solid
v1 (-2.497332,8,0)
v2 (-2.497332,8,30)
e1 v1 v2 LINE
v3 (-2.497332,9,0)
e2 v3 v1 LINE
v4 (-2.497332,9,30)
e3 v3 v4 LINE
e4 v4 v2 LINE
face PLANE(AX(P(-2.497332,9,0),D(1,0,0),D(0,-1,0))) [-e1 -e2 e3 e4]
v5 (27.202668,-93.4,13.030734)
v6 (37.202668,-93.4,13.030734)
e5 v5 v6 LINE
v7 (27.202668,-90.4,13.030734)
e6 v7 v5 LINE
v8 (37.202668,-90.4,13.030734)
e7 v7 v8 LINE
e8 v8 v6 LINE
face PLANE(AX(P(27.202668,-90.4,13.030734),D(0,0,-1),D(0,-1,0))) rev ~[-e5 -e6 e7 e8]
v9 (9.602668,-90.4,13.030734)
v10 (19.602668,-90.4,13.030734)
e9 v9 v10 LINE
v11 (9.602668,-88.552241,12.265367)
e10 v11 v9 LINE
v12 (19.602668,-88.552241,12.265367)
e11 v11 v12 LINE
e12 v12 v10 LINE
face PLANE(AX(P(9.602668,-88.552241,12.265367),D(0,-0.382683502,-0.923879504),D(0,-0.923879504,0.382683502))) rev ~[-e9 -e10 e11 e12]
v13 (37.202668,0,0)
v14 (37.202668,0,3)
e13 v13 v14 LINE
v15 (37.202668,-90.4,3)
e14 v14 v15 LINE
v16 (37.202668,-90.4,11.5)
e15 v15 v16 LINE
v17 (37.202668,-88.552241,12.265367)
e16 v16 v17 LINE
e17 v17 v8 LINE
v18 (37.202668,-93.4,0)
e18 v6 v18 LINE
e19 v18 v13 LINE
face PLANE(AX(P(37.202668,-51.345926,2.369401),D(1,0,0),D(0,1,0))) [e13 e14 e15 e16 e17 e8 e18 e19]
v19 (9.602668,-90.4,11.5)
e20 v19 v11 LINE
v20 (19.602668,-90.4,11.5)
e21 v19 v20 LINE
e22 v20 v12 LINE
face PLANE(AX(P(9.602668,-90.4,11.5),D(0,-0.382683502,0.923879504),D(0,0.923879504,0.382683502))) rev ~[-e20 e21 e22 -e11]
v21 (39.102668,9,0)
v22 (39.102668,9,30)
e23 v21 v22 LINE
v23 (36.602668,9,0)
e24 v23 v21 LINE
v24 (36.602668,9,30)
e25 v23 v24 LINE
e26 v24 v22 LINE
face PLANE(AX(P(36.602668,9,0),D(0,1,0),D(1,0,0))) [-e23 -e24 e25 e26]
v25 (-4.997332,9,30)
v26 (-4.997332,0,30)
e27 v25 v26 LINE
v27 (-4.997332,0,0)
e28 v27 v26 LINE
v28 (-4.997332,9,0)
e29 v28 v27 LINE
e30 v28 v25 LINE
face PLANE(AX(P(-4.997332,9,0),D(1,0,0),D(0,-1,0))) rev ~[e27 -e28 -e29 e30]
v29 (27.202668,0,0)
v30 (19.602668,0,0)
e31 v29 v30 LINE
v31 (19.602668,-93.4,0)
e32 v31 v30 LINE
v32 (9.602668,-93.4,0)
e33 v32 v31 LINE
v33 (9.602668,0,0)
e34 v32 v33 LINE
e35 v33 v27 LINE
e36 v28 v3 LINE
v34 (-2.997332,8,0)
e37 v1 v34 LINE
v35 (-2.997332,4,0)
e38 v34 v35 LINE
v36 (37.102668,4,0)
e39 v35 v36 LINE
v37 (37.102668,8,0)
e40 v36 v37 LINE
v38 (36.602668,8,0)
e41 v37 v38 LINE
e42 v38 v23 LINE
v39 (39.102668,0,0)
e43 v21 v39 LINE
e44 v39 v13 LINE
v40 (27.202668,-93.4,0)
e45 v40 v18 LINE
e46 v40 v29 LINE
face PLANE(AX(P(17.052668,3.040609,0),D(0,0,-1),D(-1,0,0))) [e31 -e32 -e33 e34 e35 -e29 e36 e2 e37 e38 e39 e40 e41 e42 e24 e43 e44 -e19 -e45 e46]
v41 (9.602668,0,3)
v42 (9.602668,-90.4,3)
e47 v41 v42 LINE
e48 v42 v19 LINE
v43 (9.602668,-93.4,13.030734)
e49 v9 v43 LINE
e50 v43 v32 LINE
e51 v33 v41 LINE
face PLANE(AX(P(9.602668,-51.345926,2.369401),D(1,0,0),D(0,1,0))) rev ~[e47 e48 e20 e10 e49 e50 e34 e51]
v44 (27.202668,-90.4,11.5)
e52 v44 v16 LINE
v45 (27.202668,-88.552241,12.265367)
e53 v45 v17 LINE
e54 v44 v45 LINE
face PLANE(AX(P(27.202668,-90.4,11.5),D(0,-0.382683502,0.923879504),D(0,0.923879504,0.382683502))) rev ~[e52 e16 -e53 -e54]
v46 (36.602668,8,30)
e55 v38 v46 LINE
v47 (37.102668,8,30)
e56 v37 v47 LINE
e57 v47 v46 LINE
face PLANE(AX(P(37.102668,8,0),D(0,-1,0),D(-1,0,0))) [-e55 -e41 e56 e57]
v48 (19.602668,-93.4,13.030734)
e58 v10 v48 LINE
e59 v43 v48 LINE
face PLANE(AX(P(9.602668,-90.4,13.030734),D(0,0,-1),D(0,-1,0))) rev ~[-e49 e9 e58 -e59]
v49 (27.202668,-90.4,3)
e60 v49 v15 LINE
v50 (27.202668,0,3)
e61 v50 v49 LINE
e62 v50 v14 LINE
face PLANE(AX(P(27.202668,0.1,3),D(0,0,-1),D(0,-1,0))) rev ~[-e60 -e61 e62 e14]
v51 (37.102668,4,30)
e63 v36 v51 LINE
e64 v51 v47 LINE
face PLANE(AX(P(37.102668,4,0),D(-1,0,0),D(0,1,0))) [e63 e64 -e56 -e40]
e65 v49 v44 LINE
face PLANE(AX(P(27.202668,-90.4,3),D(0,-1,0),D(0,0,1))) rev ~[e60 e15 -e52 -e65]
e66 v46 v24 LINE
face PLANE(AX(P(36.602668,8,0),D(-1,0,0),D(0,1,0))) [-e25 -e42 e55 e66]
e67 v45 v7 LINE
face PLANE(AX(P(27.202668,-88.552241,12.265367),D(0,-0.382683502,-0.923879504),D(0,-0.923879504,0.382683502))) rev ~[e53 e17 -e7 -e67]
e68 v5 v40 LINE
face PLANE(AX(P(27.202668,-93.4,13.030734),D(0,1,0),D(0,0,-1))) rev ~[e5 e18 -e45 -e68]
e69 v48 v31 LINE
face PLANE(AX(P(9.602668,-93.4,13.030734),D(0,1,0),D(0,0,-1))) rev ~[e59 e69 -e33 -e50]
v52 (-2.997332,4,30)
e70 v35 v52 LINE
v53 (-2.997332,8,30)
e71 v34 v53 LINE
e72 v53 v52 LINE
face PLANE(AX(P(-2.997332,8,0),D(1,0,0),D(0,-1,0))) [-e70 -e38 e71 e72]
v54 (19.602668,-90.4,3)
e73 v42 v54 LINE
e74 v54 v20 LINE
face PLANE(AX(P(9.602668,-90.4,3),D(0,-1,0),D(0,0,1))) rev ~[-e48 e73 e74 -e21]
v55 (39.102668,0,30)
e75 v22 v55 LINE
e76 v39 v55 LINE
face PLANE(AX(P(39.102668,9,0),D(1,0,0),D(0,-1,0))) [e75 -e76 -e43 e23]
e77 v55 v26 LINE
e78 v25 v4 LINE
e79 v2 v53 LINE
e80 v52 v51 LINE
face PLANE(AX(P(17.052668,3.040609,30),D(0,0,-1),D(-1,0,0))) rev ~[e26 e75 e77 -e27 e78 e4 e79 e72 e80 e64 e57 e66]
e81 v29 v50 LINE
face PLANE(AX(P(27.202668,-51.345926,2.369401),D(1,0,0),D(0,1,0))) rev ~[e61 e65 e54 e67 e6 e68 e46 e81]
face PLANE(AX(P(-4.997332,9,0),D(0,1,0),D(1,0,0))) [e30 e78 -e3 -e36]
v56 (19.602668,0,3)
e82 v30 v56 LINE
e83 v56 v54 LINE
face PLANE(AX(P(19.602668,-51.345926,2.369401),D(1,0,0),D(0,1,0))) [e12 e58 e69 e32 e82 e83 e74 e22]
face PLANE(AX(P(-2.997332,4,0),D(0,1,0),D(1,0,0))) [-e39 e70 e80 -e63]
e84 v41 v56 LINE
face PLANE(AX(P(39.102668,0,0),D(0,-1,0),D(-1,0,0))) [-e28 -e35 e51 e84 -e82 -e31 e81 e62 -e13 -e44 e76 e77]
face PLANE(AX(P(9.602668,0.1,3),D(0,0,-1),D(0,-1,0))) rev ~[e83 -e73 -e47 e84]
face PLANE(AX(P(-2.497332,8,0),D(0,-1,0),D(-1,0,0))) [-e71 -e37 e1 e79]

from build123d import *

# Parameters (mm, degrees)
PAD_DEPTH    = 30
PAD001_DEPTH = 10
PAD002_DEPTH = 10


with BuildPart() as part:
    # Sketch → Pad (new body)
    with BuildSketch(Plane.XY):
        Polygon((-4.997332, 9), (-2.497332, 9), (-2.497332, 8), (-2.997332, 8), (-2.997332, 4), (37.102668, 4), (37.102668, 8), (36.602668, 8), (36.602668, 9), (39.102668, 9), (39.102668, 0), (-4.997332, 0), (-4.997332, 4), align=None)
    extrude(amount=PAD_DEPTH)

    # Sketch001 (on Face10 of Pad) → Pad001 (join)
    with BuildSketch(Plane.YZ.offset(9.602668)):
        Polygon((0.1, 0), (0.1, 3), (-90.4, 3), (-90.4, 11.5), (-88.552241, 12.265367), (-90.4, 13.030734), (-93.4, 13.030734), (-93.4, 0), align=None)
    extrude(amount=PAD001_DEPTH)

    # Sketch002 (on Face10 of Pad) → Pad002 (join)
    with BuildSketch(Plane.YZ.offset(27.202668)):
        Polygon((0.1, 0), (0.1, 3), (-90.4, 3), (-90.4, 11.5), (-88.552241, 12.265367), (-90.4, 13.030734), (-93.4, 13.030734), (-93.4, 0), align=None)
    extrude(amount=PAD002_DEPTH)


solid = part.part
